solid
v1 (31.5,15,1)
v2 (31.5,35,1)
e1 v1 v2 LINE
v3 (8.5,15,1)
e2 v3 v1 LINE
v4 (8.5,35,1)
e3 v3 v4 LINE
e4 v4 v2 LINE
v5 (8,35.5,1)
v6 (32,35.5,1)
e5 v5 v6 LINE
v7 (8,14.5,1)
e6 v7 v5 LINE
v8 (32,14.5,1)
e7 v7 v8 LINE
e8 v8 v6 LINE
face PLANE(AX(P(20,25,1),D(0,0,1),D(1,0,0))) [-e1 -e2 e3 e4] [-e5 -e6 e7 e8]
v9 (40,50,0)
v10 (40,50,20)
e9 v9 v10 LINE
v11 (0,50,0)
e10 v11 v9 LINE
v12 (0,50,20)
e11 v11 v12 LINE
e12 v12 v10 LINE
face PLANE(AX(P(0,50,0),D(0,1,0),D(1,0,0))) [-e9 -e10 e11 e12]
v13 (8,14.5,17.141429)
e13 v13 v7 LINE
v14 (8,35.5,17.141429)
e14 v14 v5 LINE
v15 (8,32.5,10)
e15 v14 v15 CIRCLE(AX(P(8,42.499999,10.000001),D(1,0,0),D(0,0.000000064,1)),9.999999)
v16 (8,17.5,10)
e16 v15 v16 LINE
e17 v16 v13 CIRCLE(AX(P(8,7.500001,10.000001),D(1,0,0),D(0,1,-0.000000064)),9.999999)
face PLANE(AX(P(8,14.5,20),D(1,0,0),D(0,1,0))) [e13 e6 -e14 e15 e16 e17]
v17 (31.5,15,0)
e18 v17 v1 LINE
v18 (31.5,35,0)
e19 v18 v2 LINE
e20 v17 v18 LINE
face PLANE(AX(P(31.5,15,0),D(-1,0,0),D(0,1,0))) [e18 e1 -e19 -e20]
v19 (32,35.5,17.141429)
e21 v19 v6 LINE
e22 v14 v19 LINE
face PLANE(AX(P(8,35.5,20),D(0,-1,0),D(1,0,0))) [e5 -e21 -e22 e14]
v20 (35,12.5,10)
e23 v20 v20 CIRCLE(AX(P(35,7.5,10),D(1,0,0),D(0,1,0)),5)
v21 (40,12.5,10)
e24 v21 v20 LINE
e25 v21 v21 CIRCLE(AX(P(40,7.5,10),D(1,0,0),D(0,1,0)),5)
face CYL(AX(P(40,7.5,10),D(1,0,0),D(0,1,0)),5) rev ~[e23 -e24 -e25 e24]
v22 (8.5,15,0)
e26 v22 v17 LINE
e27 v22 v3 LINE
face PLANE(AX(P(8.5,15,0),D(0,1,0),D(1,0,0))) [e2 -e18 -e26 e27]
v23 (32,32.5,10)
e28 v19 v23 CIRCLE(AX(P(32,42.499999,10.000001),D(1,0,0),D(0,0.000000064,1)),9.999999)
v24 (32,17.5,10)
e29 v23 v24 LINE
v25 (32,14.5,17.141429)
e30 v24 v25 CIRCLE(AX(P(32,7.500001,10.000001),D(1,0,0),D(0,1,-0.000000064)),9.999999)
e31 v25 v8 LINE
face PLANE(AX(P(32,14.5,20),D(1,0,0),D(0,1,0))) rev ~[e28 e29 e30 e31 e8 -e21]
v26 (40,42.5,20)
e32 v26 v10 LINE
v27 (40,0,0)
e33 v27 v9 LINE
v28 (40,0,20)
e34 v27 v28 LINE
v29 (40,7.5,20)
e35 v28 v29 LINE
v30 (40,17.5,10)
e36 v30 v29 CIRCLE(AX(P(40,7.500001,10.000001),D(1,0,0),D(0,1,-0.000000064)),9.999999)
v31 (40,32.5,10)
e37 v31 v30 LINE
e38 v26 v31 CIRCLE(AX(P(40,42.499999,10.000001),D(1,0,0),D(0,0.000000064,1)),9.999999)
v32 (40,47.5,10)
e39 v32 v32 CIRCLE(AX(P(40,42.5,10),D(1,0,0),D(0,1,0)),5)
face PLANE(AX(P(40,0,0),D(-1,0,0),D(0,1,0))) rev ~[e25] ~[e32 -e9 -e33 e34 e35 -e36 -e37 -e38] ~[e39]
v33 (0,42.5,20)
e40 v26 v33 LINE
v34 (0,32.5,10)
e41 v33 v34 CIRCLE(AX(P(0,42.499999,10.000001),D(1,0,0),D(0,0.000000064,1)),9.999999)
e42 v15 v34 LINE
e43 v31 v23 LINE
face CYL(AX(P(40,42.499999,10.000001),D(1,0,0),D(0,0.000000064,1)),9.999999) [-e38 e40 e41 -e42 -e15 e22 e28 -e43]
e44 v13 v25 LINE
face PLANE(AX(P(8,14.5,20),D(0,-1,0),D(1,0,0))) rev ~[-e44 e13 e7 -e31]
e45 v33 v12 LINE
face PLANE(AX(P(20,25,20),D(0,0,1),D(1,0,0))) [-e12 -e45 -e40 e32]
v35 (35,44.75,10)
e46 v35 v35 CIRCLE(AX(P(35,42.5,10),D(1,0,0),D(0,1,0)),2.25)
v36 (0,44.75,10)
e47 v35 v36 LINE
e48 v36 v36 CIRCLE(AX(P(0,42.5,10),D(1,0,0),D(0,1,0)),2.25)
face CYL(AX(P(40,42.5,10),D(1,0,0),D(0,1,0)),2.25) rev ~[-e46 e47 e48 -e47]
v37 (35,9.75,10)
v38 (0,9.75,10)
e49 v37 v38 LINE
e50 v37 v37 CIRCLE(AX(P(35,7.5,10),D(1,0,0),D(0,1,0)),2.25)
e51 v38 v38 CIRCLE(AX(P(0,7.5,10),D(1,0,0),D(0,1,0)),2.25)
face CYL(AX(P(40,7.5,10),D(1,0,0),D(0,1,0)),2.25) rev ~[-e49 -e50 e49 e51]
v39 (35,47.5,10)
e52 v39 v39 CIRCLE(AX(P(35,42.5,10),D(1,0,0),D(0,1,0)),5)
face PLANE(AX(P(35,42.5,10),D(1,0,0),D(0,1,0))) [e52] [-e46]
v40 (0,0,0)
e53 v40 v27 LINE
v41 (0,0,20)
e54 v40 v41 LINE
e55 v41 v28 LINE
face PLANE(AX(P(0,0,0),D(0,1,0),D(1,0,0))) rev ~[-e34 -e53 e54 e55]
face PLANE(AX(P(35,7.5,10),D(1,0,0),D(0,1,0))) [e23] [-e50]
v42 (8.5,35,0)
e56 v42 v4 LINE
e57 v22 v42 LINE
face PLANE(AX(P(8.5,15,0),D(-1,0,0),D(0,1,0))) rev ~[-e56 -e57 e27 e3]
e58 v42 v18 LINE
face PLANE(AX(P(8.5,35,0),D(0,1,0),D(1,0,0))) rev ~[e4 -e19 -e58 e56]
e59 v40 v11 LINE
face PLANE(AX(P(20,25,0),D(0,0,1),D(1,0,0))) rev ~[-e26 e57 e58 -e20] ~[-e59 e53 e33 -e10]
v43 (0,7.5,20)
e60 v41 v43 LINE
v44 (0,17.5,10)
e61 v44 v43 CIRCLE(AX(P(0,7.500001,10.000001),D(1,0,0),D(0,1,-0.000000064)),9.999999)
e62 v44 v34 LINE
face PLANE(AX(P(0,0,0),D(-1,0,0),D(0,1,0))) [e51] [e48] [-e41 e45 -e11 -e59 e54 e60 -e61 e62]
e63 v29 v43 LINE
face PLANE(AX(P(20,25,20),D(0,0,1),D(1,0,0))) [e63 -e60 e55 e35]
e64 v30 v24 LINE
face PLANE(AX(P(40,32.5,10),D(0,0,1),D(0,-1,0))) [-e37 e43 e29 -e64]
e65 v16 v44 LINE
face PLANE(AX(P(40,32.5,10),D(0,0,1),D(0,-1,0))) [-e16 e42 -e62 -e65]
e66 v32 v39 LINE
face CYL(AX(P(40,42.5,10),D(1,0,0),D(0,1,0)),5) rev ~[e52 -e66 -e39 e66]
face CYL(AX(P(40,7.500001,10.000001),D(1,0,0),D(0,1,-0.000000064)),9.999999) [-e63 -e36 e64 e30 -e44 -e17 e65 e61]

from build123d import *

# Parameters (mm, degrees)
SKETCH_W        = 40
SKETCH_H        = 50
SKETCH_W_2      = 23
SKETCH_H_2      = 20
PAD_DEPTH       = 20
SKETCH001_R     = 2.25
POCKET_DEPTH    = 40.001
SKETCH002_W     = 24
SKETCH002_H     = 21
POCKET001_DEPTH = 19
SKETCH003_R     = 5
POCKET002_DEPTH = 5
POCKET003_DEPTH = 40.001


with BuildPart() as part:
    # Sketch → Pad (new body)
    with BuildSketch(Plane.XY):
        with Locations((20, 25)):
            Rectangle(SKETCH_W, SKETCH_H)
        with Locations((20, 25)):
            Rectangle(SKETCH_W_2, SKETCH_H_2, mode=Mode.SUBTRACT)
    extrude(amount=PAD_DEPTH)

    # Sketch001 → Pocket (cut, through all)
    with BuildSketch(Plane.YZ.offset(40)):
        with Locations((7.5, 10)):
            Circle(SKETCH001_R)
        with Locations((42.5, 10)):
            Circle(SKETCH001_R)
    extrude(amount=-POCKET_DEPTH, mode=Mode.SUBTRACT)

    # Sketch002 → Pocket001 (cut)
    with BuildSketch(Plane.XY.offset(20)):
        with Locations((20, 25)):
            Rectangle(SKETCH002_W, SKETCH002_H)
    extrude(amount=-POCKET001_DEPTH, mode=Mode.SUBTRACT)

    # Sketch003 → Pocket002 (cut)
    with BuildSketch(Plane.YZ.offset(40)):
        with Locations((7.5, 10)):
            Circle(SKETCH003_R)
        with Locations((42.5, 10)):
            Circle(SKETCH003_R)
    extrude(amount=-POCKET002_DEPTH, mode=Mode.SUBTRACT)

    # Sketch004 → Pocket003 (cut, through all)
    with BuildSketch(Plane.YZ.offset(40)):
        with BuildLine():
            ThreePointArc((17.5, 10), (14.571068, 17.071068), (7.5, 20))
            Line((7.5, 20), (7.5, 22))
            Line((7.5, 22), (42.5, 22))
            Line((42.5, 22), (42.5, 20))
            ThreePointArc((42.5, 20), (35.428932, 17.071068), (32.5, 10))
            Line((32.5, 10), (17.5, 10))
        make_face()
    extrude(amount=-POCKET003_DEPTH, mode=Mode.SUBTRACT)


solid = part.part
